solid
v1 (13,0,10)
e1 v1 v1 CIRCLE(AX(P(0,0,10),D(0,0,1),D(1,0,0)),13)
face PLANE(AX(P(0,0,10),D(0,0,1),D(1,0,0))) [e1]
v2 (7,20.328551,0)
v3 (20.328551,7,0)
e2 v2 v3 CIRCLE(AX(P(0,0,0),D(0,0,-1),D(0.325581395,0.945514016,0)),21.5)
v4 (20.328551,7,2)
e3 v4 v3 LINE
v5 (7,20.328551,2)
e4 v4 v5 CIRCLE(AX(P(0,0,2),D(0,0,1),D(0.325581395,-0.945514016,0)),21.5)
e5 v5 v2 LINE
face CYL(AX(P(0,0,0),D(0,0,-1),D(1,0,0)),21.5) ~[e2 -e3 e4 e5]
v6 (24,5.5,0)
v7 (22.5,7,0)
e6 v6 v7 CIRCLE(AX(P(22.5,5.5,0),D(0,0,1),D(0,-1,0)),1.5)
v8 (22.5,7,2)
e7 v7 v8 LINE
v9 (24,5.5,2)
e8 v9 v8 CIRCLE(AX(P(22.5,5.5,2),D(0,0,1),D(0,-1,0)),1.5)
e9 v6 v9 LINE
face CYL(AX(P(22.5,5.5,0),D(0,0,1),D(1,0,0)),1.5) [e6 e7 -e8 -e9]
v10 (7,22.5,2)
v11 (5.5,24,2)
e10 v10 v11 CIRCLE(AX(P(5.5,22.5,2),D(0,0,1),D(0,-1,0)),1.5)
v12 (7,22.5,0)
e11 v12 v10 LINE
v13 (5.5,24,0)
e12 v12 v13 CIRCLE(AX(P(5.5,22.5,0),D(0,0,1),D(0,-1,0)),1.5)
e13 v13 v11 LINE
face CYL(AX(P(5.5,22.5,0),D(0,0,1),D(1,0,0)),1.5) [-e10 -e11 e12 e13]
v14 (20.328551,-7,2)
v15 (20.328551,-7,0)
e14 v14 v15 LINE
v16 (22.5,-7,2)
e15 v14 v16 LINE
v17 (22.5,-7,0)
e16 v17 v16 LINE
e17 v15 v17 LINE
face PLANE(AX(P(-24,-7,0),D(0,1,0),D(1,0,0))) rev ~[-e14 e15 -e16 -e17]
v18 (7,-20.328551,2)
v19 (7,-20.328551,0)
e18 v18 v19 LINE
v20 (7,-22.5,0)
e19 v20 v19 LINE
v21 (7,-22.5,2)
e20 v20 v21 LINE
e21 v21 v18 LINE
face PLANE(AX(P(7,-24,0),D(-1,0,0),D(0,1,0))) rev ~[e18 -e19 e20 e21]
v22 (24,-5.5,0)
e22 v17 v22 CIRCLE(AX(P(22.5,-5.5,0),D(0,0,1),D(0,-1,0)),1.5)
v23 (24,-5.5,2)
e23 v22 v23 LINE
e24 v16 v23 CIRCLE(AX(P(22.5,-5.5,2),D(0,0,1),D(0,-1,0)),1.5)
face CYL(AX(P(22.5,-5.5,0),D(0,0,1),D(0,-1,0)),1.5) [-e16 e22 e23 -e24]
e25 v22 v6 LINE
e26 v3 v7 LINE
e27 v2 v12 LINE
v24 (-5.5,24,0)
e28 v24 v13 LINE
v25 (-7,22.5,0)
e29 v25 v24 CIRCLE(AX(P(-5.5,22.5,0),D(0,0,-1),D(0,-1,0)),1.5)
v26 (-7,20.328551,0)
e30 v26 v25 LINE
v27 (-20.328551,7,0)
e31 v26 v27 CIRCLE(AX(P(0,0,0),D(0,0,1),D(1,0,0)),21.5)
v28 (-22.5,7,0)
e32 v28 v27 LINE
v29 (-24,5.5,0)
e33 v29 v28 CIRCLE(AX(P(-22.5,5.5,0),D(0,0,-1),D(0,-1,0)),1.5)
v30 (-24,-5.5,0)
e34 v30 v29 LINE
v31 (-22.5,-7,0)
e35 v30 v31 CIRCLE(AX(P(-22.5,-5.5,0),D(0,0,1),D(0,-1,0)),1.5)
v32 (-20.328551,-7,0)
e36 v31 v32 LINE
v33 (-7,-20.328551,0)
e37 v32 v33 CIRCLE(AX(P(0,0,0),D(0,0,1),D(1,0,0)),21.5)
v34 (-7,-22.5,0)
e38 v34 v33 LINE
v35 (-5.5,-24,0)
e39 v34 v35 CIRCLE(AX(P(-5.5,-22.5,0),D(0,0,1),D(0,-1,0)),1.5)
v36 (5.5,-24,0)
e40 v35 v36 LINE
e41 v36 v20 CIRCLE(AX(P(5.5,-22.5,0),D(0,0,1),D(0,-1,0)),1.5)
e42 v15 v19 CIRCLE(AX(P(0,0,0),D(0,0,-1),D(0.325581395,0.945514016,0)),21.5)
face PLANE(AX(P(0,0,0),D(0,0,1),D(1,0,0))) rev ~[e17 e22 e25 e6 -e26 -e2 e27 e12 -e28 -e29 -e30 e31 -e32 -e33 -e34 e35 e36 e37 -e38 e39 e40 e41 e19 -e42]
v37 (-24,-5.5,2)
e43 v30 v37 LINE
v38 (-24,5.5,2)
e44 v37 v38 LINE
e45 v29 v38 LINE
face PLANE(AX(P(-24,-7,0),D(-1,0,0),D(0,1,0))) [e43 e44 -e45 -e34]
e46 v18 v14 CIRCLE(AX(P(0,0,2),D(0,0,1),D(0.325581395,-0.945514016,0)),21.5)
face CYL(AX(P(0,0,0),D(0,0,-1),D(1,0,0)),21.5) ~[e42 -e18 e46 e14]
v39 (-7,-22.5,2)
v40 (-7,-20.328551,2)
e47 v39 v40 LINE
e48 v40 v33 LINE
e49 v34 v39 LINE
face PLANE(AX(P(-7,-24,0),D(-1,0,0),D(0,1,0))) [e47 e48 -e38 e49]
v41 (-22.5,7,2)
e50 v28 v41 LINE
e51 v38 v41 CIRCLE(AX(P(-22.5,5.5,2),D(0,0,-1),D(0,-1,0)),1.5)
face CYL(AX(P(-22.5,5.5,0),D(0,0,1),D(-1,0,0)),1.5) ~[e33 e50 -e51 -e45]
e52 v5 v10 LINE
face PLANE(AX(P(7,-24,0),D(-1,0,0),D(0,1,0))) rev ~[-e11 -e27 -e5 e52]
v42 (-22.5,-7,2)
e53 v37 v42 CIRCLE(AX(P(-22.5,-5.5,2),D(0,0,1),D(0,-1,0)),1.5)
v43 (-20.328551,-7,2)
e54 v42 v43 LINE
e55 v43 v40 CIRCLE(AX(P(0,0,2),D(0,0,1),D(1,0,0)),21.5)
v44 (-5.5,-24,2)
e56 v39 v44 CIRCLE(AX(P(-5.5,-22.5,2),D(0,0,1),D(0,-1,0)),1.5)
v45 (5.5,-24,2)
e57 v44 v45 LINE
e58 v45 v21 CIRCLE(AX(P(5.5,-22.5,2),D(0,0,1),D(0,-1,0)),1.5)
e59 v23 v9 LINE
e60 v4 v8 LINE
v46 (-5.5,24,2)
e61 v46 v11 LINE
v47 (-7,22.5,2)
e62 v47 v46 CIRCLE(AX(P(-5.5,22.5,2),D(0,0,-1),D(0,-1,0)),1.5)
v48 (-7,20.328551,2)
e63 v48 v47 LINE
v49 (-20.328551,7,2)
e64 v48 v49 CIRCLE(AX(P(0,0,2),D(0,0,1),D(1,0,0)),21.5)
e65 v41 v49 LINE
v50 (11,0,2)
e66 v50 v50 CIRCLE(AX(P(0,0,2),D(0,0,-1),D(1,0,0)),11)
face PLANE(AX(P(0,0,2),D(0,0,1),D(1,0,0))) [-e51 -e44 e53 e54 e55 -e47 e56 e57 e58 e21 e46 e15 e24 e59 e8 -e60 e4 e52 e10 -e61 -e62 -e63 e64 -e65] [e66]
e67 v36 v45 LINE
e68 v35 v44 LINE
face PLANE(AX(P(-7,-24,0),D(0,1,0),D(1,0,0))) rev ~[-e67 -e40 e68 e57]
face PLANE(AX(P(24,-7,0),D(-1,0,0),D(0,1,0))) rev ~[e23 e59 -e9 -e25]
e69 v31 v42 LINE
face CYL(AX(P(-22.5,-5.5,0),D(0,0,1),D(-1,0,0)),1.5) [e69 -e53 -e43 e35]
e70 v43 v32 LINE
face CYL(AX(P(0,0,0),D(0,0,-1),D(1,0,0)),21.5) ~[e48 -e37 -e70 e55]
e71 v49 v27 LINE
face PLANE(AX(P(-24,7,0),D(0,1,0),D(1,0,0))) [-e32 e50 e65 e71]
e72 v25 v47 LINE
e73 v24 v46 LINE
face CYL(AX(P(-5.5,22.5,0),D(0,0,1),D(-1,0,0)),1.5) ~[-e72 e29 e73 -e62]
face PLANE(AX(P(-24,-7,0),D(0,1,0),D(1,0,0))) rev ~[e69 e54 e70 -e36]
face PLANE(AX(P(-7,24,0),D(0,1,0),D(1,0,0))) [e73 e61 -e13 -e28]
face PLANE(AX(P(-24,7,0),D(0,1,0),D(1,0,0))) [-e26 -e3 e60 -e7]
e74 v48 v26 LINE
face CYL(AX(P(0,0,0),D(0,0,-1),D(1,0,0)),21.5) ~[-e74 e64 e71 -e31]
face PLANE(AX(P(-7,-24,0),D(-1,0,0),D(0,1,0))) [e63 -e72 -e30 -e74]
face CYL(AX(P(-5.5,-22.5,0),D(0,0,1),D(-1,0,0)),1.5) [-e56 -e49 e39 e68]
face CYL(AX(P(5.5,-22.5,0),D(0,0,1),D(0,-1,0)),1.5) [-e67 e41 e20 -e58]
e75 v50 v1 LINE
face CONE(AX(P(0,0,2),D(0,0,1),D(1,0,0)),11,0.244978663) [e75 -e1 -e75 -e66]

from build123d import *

# Parameters (mm, degrees)
BOX_W          = 14
BOX_H          = 48
BOX_DEPTH      = 2
FILLET_R       = 1.5
BOX001_W       = 48
BOX001_H       = 14
BOX001_DEPTH   = 2
FILLET001_R    = 1.5
CYLINDER_R     = 21.5
CYLINDER_DEPTH = 2


with BuildPart() as cone:
    # Cone → Cone (revolve)
    with BuildSketch(Plane(origin=(0, 0, 2), x_dir=(1, 0, 0), z_dir=(0, -1, 0))):
        Polygon((0, 0), (11, 0), (13, 8), (0, 8), align=None)
    revolve(axis=Axis((0, 0, 2), (0, 0, 1)))


with BuildPart() as fillet_body:
    # Box → Box (new body)
    with BuildSketch(Plane(origin=(-7, -24, 0), x_dir=(1, 0, 0), z_dir=(0, 0, 1))):
        with Locations((7, 24)):
            Rectangle(BOX_W, BOX_H)
    extrude(amount=BOX_DEPTH)

    # Fillet
    fillet_edges = [fillet_body.edges().sort_by_distance(p)[0] for p in [
        (-7, -24, 1),
        (-7, 24, 1),
        (7, -24, 1),
        (7, 24, 1),
    ]]
    fillet(fillet_edges, radius=FILLET_R)


with BuildPart() as fillet001:
    # Box001 → Box001 (new body)
    with BuildSketch(Plane(origin=(-24, -7, 0), x_dir=(1, 0, 0), z_dir=(0, 0, 1))):
        with Locations((24, 7)):
            Rectangle(BOX001_W, BOX001_H)
    extrude(amount=BOX001_DEPTH)

    # Fillet001
    fillet001_edges = [fillet001.edges().sort_by_distance(p)[0] for p in [
        (-24, -7, 1),
        (-24, 7, 1),
        (24, -7, 1),
        (24, 7, 1),
    ]]
    fillet(fillet001_edges, radius=FILLET001_R)


with BuildPart() as videotap_port_cover:
    # Cylinder → Cylinder (new body)
    with BuildSketch(Plane.XY):
        Circle(CYLINDER_R)
    extrude(amount=CYLINDER_DEPTH)

    # Fusion: union Cone, Fillet body, Fillet001
    add(cone.part)
    add(fillet_body.part)
    add(fillet001.part)


solid = videotap_port_cover.part
